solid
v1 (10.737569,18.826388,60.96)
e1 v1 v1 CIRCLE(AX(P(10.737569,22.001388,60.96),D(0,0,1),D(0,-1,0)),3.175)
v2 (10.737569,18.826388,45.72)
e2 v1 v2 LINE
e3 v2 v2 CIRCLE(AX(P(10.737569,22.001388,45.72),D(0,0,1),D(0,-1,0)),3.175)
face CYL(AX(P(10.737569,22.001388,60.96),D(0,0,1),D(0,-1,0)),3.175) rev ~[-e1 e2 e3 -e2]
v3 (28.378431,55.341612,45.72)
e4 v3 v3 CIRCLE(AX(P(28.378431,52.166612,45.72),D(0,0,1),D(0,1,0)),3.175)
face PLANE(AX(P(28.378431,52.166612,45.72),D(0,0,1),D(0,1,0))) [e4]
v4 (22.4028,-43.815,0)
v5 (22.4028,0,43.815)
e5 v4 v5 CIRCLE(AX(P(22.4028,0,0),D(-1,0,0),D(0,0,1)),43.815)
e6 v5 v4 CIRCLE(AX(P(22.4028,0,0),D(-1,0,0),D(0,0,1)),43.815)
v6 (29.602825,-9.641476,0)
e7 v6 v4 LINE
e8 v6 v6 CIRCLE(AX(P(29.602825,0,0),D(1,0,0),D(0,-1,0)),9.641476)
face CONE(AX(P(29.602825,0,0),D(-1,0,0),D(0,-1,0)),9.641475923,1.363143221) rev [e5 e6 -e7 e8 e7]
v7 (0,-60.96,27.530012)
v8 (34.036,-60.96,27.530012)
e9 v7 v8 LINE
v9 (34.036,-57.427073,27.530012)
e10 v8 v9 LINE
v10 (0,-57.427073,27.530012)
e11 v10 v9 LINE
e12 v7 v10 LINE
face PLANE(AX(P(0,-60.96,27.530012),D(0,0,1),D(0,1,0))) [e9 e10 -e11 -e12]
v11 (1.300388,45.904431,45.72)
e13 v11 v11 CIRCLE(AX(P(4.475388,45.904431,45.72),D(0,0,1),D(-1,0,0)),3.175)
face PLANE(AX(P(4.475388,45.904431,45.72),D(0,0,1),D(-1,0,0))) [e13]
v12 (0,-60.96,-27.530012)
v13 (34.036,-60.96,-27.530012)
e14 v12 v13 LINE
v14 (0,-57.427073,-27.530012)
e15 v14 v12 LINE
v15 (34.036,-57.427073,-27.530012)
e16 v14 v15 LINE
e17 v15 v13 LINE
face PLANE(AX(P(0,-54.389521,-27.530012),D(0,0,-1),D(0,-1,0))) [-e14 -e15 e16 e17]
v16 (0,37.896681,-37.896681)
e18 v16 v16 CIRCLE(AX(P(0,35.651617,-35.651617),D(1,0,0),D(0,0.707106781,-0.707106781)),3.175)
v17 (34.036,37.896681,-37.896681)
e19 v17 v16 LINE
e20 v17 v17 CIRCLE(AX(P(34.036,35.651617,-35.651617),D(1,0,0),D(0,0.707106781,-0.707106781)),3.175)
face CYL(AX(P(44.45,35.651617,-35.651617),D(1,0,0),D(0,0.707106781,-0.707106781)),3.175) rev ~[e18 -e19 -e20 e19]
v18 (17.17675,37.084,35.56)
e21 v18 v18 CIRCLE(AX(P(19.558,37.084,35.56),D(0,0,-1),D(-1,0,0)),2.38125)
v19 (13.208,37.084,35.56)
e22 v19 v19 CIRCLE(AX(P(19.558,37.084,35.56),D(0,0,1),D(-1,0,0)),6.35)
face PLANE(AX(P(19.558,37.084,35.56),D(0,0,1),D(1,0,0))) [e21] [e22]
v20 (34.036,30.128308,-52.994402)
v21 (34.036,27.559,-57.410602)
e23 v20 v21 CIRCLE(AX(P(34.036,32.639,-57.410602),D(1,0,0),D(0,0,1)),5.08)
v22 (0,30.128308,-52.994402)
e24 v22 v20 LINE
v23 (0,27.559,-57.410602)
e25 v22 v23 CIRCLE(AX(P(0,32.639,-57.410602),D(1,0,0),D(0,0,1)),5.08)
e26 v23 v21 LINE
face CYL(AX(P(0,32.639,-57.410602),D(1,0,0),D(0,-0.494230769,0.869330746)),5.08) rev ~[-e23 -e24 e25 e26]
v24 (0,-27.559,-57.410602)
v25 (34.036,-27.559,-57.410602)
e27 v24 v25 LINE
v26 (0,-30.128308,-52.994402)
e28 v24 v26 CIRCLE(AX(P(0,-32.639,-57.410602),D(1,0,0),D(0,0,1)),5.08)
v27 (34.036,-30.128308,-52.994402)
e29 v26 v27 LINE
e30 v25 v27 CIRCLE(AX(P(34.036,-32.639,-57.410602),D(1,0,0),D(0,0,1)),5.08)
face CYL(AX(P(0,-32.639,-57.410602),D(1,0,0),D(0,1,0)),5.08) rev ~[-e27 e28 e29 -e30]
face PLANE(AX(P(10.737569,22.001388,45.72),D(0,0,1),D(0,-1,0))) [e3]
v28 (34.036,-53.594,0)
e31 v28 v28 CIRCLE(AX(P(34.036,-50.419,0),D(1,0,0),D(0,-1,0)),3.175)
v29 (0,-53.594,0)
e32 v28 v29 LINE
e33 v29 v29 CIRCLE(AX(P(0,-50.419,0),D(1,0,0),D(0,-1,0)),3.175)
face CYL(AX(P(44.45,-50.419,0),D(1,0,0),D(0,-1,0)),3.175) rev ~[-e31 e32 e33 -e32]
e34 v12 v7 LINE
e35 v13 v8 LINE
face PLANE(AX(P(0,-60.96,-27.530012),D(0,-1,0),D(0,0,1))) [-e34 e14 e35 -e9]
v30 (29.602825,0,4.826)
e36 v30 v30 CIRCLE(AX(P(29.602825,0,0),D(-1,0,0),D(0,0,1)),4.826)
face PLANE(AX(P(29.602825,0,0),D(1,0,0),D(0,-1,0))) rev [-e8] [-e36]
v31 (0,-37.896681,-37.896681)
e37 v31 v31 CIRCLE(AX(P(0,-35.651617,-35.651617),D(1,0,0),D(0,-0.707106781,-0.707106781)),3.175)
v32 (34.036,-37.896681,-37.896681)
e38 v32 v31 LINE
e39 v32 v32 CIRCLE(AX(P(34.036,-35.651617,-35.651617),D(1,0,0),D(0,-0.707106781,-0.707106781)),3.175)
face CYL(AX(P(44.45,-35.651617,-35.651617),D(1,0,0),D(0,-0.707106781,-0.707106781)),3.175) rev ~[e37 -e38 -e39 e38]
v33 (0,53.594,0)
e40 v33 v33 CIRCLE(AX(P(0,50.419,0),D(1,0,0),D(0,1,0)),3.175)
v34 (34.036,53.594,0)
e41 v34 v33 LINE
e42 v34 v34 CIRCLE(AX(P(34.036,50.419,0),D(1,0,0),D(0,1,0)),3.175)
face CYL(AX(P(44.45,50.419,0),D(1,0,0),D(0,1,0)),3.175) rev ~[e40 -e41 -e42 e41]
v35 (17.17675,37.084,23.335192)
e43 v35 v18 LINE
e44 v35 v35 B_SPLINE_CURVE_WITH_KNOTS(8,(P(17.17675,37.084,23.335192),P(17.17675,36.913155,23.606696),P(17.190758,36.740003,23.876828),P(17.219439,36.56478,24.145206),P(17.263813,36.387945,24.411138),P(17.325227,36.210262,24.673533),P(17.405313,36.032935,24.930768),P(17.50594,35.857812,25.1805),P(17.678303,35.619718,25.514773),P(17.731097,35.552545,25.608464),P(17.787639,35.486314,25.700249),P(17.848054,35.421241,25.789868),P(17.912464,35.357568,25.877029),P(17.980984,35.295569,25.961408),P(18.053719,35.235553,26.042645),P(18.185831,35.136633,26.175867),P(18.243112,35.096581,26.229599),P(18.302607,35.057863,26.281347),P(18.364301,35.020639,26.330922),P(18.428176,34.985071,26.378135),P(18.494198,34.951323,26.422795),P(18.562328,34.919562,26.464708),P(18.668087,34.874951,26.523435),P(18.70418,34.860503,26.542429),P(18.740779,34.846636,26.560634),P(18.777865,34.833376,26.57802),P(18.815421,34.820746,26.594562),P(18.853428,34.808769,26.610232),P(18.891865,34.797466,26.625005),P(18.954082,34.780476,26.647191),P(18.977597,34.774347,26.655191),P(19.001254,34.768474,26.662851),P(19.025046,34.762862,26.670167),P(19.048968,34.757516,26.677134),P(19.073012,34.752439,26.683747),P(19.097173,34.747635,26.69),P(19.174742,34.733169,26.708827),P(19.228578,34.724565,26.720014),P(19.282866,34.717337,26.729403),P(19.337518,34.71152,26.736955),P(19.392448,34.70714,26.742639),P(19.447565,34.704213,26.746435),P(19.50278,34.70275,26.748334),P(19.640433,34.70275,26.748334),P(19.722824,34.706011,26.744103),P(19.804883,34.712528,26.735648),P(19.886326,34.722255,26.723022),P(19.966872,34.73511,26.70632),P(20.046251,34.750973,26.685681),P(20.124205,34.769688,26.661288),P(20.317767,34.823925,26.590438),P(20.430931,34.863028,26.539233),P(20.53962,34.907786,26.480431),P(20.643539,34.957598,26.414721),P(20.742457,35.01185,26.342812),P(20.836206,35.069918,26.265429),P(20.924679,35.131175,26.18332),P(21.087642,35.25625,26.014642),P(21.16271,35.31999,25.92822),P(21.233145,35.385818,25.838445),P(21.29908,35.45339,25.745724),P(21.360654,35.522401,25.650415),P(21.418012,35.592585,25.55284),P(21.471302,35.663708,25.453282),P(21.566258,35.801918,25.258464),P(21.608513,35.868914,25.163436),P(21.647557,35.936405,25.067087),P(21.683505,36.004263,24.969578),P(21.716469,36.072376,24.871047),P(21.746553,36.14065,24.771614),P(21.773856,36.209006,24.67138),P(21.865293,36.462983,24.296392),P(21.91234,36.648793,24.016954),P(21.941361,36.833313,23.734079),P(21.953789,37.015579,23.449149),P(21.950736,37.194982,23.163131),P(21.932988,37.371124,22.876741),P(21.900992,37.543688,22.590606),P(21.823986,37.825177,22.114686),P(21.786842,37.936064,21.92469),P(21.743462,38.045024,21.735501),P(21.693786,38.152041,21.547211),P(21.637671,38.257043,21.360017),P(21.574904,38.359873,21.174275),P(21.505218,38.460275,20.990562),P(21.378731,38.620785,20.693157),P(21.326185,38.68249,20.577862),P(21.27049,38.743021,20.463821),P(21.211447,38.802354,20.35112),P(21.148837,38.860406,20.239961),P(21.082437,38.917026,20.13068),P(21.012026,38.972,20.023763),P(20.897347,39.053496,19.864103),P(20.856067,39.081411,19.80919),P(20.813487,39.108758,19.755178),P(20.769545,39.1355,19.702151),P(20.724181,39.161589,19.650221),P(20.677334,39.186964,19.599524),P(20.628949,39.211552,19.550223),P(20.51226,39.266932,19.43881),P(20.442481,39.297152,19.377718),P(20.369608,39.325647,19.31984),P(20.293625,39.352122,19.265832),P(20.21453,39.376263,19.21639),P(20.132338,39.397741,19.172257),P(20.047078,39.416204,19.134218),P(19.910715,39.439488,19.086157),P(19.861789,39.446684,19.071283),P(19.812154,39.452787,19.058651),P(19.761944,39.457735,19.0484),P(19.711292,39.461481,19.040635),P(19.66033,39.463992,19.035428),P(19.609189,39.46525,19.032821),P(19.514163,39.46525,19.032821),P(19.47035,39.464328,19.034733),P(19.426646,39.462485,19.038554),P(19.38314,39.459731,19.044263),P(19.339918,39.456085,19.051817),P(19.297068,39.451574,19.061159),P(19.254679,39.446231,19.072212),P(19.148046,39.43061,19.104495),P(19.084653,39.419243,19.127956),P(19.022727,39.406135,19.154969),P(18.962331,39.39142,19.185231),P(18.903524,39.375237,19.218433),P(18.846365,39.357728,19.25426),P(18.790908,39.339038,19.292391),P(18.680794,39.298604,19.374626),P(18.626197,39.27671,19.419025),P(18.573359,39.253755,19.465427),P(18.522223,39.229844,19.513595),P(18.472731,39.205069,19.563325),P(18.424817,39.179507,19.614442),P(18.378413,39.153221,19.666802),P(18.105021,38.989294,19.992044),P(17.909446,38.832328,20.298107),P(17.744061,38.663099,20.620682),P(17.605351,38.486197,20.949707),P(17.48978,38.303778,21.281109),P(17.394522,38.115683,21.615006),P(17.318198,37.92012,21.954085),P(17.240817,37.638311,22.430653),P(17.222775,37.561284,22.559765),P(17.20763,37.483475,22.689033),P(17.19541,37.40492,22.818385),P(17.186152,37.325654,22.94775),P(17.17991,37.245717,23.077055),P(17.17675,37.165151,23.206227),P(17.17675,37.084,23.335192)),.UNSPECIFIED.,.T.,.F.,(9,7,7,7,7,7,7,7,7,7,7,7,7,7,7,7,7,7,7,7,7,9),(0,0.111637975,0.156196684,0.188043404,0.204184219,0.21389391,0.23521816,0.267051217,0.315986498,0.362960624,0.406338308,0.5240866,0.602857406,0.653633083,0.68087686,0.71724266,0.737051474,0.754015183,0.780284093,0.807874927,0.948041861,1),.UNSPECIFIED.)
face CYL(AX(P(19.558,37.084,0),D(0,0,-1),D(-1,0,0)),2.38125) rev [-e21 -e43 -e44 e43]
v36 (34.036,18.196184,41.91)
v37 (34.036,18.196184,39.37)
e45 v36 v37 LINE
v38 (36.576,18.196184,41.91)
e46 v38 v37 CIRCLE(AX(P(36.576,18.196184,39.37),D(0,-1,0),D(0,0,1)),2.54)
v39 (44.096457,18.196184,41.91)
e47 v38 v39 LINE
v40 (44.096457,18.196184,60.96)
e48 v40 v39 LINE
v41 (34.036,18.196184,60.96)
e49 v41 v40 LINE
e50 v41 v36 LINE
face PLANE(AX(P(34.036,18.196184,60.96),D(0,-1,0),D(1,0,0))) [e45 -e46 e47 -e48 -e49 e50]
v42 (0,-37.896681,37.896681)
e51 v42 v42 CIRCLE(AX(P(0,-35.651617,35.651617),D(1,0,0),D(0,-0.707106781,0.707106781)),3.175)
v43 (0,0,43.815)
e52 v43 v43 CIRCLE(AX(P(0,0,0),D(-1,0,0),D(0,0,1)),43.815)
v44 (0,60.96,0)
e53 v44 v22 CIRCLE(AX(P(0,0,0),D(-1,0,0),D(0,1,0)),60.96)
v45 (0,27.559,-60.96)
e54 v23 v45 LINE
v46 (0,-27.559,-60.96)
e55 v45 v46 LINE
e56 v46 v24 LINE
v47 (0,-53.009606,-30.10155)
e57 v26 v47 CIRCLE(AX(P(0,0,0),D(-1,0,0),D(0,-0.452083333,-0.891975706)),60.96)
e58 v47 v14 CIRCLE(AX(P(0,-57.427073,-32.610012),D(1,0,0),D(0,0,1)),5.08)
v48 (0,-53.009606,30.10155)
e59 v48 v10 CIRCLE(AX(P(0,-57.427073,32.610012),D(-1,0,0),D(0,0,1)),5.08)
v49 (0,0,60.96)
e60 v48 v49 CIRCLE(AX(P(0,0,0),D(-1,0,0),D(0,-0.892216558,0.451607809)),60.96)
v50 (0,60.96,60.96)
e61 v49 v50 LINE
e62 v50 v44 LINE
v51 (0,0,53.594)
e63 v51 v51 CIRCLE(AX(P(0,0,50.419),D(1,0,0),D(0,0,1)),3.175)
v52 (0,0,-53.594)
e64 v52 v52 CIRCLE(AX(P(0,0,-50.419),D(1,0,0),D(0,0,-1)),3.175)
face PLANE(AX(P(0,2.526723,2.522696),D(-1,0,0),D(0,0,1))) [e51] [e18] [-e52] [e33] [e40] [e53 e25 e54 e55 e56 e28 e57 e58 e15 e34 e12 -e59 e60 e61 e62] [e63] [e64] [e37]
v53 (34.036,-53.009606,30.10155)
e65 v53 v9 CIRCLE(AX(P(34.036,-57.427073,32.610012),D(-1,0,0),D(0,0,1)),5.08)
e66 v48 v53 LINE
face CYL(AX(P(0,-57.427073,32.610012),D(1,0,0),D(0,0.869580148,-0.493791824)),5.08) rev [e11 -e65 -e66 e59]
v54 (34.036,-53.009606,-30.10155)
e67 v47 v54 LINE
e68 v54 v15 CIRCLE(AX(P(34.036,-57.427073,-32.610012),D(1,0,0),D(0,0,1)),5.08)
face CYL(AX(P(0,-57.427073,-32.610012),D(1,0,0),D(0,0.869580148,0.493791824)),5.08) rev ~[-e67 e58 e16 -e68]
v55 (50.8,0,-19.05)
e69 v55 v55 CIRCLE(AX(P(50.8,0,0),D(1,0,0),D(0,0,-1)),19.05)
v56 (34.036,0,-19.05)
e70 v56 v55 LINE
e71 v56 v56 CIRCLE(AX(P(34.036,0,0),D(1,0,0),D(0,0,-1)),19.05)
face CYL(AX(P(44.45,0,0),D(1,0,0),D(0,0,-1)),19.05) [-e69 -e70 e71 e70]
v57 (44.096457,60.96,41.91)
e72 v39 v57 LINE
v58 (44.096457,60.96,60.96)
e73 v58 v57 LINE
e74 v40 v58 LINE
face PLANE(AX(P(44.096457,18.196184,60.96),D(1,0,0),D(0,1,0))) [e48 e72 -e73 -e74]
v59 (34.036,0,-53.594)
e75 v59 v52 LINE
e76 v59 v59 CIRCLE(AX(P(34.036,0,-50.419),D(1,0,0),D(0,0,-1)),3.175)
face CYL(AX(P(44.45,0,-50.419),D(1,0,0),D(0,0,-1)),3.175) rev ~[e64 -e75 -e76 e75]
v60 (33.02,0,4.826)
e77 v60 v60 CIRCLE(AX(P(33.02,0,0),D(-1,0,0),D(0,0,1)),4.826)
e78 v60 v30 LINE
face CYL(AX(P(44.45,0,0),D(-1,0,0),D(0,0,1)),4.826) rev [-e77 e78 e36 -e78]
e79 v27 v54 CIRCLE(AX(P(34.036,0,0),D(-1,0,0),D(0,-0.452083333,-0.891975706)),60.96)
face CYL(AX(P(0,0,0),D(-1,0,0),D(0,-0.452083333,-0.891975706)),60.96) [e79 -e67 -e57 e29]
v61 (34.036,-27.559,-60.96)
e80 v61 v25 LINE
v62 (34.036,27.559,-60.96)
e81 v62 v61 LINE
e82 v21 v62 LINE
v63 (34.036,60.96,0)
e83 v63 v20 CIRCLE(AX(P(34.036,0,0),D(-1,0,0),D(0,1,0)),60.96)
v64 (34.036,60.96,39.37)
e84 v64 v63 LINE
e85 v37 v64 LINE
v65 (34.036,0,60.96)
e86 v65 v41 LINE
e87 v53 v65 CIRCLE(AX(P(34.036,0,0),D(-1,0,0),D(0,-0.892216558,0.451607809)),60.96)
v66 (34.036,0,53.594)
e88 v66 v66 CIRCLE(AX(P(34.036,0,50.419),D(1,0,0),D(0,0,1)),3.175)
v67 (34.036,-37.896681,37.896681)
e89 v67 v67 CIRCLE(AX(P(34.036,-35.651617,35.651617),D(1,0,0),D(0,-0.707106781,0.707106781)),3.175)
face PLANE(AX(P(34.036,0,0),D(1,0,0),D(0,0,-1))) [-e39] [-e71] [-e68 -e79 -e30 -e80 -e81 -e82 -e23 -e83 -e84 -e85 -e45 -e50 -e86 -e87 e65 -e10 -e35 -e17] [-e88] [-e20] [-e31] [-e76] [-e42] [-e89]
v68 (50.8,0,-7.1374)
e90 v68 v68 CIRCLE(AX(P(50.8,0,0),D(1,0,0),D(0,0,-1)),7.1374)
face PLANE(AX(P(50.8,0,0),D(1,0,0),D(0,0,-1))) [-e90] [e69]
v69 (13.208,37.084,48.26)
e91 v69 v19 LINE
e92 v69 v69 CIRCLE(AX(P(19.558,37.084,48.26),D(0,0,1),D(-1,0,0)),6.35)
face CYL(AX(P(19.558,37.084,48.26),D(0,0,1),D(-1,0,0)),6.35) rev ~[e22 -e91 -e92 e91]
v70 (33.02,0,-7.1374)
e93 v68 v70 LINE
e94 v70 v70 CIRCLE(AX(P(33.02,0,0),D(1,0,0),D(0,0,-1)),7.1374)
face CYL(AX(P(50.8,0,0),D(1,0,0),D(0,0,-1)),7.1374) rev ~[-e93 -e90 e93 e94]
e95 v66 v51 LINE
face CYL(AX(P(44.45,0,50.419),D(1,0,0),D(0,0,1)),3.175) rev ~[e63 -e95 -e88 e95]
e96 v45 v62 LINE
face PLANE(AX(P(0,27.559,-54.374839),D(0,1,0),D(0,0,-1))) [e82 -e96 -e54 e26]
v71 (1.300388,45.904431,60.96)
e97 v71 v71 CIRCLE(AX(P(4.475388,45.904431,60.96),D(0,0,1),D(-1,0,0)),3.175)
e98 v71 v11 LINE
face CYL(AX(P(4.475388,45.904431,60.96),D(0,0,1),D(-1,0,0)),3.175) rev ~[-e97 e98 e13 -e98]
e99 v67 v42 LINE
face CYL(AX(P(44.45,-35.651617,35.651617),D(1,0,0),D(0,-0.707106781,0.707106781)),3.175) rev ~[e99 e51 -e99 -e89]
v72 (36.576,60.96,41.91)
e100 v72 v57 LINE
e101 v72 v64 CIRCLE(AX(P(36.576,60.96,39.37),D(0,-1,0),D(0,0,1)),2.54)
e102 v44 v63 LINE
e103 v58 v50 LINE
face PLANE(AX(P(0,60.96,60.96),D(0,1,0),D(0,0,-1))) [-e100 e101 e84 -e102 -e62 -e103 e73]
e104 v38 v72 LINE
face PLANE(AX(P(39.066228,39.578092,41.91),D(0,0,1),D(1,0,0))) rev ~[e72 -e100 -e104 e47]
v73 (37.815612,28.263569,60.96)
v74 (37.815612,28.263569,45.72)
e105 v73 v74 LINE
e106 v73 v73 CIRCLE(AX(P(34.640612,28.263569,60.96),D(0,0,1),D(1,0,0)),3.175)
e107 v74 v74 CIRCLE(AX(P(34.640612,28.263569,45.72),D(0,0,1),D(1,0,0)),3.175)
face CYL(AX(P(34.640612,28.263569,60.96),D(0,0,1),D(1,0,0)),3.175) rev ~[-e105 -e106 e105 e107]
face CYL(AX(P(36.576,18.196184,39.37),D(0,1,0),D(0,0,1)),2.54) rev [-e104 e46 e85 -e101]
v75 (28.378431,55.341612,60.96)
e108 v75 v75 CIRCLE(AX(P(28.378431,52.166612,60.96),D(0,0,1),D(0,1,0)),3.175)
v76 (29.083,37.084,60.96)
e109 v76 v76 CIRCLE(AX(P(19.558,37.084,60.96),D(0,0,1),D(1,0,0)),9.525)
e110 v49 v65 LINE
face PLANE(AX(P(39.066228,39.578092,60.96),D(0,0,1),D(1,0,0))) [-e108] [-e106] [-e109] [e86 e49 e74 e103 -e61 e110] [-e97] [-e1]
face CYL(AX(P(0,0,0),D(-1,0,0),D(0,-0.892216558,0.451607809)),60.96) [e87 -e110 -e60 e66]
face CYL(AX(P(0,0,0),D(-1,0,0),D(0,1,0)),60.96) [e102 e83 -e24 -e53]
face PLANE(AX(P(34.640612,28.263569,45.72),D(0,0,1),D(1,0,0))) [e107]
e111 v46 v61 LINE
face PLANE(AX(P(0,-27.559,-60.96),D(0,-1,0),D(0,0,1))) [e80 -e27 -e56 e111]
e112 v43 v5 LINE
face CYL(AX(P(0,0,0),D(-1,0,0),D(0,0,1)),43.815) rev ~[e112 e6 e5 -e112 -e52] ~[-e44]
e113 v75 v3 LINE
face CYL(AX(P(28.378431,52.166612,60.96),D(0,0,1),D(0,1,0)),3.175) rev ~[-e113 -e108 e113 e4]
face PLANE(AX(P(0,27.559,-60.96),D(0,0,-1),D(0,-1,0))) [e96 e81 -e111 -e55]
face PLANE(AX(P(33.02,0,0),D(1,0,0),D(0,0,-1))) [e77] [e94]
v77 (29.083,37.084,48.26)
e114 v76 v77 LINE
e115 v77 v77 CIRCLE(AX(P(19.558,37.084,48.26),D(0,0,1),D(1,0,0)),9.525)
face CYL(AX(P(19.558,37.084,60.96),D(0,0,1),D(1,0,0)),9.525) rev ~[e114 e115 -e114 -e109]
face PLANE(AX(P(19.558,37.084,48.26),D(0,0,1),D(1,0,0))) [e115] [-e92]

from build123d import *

# Parameters (mm, degrees)
HOUSING_2_DEPTH          = 44.45
SKETCH2_R                = 43.815
IMPELLER_CUT_DEPTH       = 22.4028
SKETCH4_R                = 4.826
INLET_CUT_DEPTH          = 19.8628
SKETCH6_R                = 3.175
FASTENER_BORE_DEPTH      = 116.84
FASTENER_PATTERN_COUNT   = 8
SKETCH7_R                = 100.114274451
SKETCH7_R_2              = 19.05
MASS_REDUCTION_CUT_DEPTH = 10.414
SKETCH11_R               = 19.05
SKETCH11_R_2             = 4.826
BOSS_EXTRUDE1_DEPTH      = 6.35
SKETCH14_R               = 2.38125
CUT_EXTRUDE3_DEPTH       = 99.06
SKETCH15_R               = 9.525
CUT_EXTRUDE4_DEPTH       = 25.4
BOSS_EXTRUDE2_START      = 12.7
SKETCH16_R               = 9.525
SKETCH16_R_2             = 6.35
BOSS_EXTRUDE2_DEPTH      = 12.7
SKETCH18_W               = 10.060456949
SKETCH18_H               = 42.763815868
BOSS_EXTRUDE3_DEPTH      = 19.05
FILLET7_R                = 2.54
SKETCH19_R               = 3.175
CUT_EXTRUDE5_DEPTH       = 15.24
FILLET9_R                = 5.08
SKETCH22_R               = 7.1374
CUT_EXTRUDE8_DEPTH       = 17.78
CIRPATTERN2_COUNT        = 4


with BuildPart() as part:
    # Sketch1 → Housing 2 (new body)
    with BuildSketch(Plane(origin=(0, 0, 0), x_dir=(0, 0, -1), z_dir=(1, 0, 0))):
        with BuildLine():
            Line((-60.96, 0), (-60.96, 60.96))
            Line((-60.96, 60.96), (0, 60.96))
            ThreePointArc((0, 60.96), (31.907091375, 51.942844743), (54.374839025, 27.559))
            Line((54.374839025, 27.559), (60.96, 27.559))
            Line((60.96, 27.559), (60.96, -27.559))
            Line((60.96, -27.559), (54.374839025, -27.559))
            ThreePointArc((54.374839025, -27.559), (43.093739421, -43.116716279), (27.530012063, -54.389521379))
            Line((27.530012063, -54.389521379), (27.530012063, -60.96))
            Line((27.530012063, -60.96), (-27.530012063, -60.96))
            Line((-27.530012063, -60.96), (-27.530012063, -54.389521379))
            ThreePointArc((-27.530012063, -54.389521379), (-51.934339003, -31.920934077), (-60.96, 0))
        make_face()
    extrude(amount=HOUSING_2_DEPTH)

    # Sketch2 → Impeller Cut (cut)
    with BuildSketch(Plane.ZY):
        Circle(SKETCH2_R)
    extrude(amount=-IMPELLER_CUT_DEPTH, mode=Mode.SUBTRACT)

    # Sketch3 → Impeller Angle Cut (revolve, cut)
    with BuildSketch(Plane.XY, mode=Mode.PRIVATE) as impeller_angle_cut_sk:
        Polygon((29.602825054, 9.641475923), (22.4028, 43.815), (22.225, 0), (29.602825054, 0), align=None)
    revolve(impeller_angle_cut_sk.sketch.rotate(Axis((22.225, 0, 0), (1, 0, 0)), 180), axis=Axis((22.225, 0, 0), (1, 0, 0)), mode=Mode.SUBTRACT)

    # Sketch4 → Inlet Cut (cut)
    with BuildSketch(Plane.ZY.offset(-29.602825054)):
        Circle(SKETCH4_R)
    extrude(amount=-INLET_CUT_DEPTH, mode=Mode.SUBTRACT)

    # Sketch6 → Fastener Bore (cut)
    with BuildSketch(Plane(origin=(44.45, 0, 0), x_dir=(0, 0, -1), z_dir=(1, 0, 0))):
        with Locations((50.419, 0)):
            Circle(SKETCH6_R)
    fastener_bore = extrude(amount=-FASTENER_BORE_DEPTH, mode=Mode.SUBTRACT)

    # Fastener Pattern: Fastener Bore ×8 about axis, 1 skipped
    fastener_pattern_axis = Axis((0, 0, 0), (-1, 0, 0))
    add([fastener_bore.rotate(fastener_pattern_axis, i * 360 / FASTENER_PATTERN_COUNT) for i in range(1, FASTENER_PATTERN_COUNT) if i not in (5,)], mode=Mode.SUBTRACT)

    # Sketch7 → Mass Reduction Cut (cut)
    with BuildSketch(Plane(origin=(44.45, 0, 0), x_dir=(0, 0, -1), z_dir=(1, 0, 0))):
        Circle(SKETCH7_R)
        Circle(SKETCH7_R_2, mode=Mode.SUBTRACT)
    extrude(amount=-MASS_REDUCTION_CUT_DEPTH, mode=Mode.SUBTRACT)

    # Sketch11 → Boss-Extrude1 (add)
    with BuildSketch(Plane(origin=(44.45, 0, 0), x_dir=(0, 0, -1), z_dir=(1, 0, 0))):
        Circle(SKETCH11_R)
        with Locations(Location((0, 0, 0), (0, 0, 180))):
            Circle(SKETCH11_R_2, mode=Mode.SUBTRACT)
    extrude(amount=BOSS_EXTRUDE1_DEPTH)

    # Sketch14 → Cut-Extrude3 (cut)
    with BuildSketch(Plane.XY):
        with Locations(Location((19.558, 37.084, 0), (0, 0, 180))):
            Circle(SKETCH14_R)
    extrude(amount=CUT_EXTRUDE3_DEPTH, mode=Mode.SUBTRACT)

    # Sketch15 → Cut-Extrude4 (cut)
    with BuildSketch(Plane.XY.offset(60.96)):
        with Locations((19.558, 37.084)):
            Circle(SKETCH15_R)
    extrude(amount=-CUT_EXTRUDE4_DEPTH, mode=Mode.SUBTRACT)

    # Sketch16 → Boss-Extrude2 (add)
    with BuildSketch(Plane.XY.offset(35.56).offset(BOSS_EXTRUDE2_START)):
        with Locations((19.558, 37.084)):
            Circle(SKETCH16_R)
        with Locations(Location((19.558, 37.084, 0), (0, 0, 180))):
            Circle(SKETCH16_R_2, mode=Mode.SUBTRACT)
    extrude(amount=-BOSS_EXTRUDE2_DEPTH)

    # Sketch18 → Boss-Extrude3 (add)
    with BuildSketch(Plane.XY.offset(60.96)):
        with Locations((39.066228475, 39.578092066)):
            Rectangle(SKETCH18_W, SKETCH18_H)
    extrude(amount=-BOSS_EXTRUDE3_DEPTH)

    # Fillet7
    fillet7_edges = [part.edges().sort_by_distance(p)[0] for p in [
        (34.036, 39.578092066, 41.91),
    ]]
    fillet(fillet7_edges, radius=FILLET7_R)

    # Sketch19 → Cut-Extrude5 (cut)
    with BuildSketch(Plane.XY.offset(60.96)):
        with Locations((34.640612035, 28.263568969)):
            Circle(SKETCH19_R)
    cut_extrude5 = extrude(amount=-CUT_EXTRUDE5_DEPTH, mode=Mode.SUBTRACT)

    # Fillet9
    fillet9_edges = [part.edges().sort_by_distance(p)[0] for p in [
        (17.018, 27.559, -54.374839025),
        (17.018, -27.559, -54.374839025),
        (17.018, -54.389521379, -27.530012063),
        (17.018, -54.389521379, 27.530012063),
    ]]
    fillet(fillet9_edges, radius=FILLET9_R)

    # Sketch22 → Cut-Extrude8 (cut)
    with BuildSketch(Plane(origin=(50.8, 0, 0), x_dir=(0, 0, -1), z_dir=(1, 0, 0))):
        Circle(SKETCH22_R)
    extrude(amount=-CUT_EXTRUDE8_DEPTH, mode=Mode.SUBTRACT)

    # CirPattern2: Cut-Extrude5 ×4 about axis
    cirpattern2_axis = Axis((19.558, 37.084, 0), (0, 0, 1))
    for i in range(1, CIRPATTERN2_COUNT):
        add(cut_extrude5.rotate(cirpattern2_axis, i * 360 / CIRPATTERN2_COUNT), mode=Mode.SUBTRACT)


solid = part.part
